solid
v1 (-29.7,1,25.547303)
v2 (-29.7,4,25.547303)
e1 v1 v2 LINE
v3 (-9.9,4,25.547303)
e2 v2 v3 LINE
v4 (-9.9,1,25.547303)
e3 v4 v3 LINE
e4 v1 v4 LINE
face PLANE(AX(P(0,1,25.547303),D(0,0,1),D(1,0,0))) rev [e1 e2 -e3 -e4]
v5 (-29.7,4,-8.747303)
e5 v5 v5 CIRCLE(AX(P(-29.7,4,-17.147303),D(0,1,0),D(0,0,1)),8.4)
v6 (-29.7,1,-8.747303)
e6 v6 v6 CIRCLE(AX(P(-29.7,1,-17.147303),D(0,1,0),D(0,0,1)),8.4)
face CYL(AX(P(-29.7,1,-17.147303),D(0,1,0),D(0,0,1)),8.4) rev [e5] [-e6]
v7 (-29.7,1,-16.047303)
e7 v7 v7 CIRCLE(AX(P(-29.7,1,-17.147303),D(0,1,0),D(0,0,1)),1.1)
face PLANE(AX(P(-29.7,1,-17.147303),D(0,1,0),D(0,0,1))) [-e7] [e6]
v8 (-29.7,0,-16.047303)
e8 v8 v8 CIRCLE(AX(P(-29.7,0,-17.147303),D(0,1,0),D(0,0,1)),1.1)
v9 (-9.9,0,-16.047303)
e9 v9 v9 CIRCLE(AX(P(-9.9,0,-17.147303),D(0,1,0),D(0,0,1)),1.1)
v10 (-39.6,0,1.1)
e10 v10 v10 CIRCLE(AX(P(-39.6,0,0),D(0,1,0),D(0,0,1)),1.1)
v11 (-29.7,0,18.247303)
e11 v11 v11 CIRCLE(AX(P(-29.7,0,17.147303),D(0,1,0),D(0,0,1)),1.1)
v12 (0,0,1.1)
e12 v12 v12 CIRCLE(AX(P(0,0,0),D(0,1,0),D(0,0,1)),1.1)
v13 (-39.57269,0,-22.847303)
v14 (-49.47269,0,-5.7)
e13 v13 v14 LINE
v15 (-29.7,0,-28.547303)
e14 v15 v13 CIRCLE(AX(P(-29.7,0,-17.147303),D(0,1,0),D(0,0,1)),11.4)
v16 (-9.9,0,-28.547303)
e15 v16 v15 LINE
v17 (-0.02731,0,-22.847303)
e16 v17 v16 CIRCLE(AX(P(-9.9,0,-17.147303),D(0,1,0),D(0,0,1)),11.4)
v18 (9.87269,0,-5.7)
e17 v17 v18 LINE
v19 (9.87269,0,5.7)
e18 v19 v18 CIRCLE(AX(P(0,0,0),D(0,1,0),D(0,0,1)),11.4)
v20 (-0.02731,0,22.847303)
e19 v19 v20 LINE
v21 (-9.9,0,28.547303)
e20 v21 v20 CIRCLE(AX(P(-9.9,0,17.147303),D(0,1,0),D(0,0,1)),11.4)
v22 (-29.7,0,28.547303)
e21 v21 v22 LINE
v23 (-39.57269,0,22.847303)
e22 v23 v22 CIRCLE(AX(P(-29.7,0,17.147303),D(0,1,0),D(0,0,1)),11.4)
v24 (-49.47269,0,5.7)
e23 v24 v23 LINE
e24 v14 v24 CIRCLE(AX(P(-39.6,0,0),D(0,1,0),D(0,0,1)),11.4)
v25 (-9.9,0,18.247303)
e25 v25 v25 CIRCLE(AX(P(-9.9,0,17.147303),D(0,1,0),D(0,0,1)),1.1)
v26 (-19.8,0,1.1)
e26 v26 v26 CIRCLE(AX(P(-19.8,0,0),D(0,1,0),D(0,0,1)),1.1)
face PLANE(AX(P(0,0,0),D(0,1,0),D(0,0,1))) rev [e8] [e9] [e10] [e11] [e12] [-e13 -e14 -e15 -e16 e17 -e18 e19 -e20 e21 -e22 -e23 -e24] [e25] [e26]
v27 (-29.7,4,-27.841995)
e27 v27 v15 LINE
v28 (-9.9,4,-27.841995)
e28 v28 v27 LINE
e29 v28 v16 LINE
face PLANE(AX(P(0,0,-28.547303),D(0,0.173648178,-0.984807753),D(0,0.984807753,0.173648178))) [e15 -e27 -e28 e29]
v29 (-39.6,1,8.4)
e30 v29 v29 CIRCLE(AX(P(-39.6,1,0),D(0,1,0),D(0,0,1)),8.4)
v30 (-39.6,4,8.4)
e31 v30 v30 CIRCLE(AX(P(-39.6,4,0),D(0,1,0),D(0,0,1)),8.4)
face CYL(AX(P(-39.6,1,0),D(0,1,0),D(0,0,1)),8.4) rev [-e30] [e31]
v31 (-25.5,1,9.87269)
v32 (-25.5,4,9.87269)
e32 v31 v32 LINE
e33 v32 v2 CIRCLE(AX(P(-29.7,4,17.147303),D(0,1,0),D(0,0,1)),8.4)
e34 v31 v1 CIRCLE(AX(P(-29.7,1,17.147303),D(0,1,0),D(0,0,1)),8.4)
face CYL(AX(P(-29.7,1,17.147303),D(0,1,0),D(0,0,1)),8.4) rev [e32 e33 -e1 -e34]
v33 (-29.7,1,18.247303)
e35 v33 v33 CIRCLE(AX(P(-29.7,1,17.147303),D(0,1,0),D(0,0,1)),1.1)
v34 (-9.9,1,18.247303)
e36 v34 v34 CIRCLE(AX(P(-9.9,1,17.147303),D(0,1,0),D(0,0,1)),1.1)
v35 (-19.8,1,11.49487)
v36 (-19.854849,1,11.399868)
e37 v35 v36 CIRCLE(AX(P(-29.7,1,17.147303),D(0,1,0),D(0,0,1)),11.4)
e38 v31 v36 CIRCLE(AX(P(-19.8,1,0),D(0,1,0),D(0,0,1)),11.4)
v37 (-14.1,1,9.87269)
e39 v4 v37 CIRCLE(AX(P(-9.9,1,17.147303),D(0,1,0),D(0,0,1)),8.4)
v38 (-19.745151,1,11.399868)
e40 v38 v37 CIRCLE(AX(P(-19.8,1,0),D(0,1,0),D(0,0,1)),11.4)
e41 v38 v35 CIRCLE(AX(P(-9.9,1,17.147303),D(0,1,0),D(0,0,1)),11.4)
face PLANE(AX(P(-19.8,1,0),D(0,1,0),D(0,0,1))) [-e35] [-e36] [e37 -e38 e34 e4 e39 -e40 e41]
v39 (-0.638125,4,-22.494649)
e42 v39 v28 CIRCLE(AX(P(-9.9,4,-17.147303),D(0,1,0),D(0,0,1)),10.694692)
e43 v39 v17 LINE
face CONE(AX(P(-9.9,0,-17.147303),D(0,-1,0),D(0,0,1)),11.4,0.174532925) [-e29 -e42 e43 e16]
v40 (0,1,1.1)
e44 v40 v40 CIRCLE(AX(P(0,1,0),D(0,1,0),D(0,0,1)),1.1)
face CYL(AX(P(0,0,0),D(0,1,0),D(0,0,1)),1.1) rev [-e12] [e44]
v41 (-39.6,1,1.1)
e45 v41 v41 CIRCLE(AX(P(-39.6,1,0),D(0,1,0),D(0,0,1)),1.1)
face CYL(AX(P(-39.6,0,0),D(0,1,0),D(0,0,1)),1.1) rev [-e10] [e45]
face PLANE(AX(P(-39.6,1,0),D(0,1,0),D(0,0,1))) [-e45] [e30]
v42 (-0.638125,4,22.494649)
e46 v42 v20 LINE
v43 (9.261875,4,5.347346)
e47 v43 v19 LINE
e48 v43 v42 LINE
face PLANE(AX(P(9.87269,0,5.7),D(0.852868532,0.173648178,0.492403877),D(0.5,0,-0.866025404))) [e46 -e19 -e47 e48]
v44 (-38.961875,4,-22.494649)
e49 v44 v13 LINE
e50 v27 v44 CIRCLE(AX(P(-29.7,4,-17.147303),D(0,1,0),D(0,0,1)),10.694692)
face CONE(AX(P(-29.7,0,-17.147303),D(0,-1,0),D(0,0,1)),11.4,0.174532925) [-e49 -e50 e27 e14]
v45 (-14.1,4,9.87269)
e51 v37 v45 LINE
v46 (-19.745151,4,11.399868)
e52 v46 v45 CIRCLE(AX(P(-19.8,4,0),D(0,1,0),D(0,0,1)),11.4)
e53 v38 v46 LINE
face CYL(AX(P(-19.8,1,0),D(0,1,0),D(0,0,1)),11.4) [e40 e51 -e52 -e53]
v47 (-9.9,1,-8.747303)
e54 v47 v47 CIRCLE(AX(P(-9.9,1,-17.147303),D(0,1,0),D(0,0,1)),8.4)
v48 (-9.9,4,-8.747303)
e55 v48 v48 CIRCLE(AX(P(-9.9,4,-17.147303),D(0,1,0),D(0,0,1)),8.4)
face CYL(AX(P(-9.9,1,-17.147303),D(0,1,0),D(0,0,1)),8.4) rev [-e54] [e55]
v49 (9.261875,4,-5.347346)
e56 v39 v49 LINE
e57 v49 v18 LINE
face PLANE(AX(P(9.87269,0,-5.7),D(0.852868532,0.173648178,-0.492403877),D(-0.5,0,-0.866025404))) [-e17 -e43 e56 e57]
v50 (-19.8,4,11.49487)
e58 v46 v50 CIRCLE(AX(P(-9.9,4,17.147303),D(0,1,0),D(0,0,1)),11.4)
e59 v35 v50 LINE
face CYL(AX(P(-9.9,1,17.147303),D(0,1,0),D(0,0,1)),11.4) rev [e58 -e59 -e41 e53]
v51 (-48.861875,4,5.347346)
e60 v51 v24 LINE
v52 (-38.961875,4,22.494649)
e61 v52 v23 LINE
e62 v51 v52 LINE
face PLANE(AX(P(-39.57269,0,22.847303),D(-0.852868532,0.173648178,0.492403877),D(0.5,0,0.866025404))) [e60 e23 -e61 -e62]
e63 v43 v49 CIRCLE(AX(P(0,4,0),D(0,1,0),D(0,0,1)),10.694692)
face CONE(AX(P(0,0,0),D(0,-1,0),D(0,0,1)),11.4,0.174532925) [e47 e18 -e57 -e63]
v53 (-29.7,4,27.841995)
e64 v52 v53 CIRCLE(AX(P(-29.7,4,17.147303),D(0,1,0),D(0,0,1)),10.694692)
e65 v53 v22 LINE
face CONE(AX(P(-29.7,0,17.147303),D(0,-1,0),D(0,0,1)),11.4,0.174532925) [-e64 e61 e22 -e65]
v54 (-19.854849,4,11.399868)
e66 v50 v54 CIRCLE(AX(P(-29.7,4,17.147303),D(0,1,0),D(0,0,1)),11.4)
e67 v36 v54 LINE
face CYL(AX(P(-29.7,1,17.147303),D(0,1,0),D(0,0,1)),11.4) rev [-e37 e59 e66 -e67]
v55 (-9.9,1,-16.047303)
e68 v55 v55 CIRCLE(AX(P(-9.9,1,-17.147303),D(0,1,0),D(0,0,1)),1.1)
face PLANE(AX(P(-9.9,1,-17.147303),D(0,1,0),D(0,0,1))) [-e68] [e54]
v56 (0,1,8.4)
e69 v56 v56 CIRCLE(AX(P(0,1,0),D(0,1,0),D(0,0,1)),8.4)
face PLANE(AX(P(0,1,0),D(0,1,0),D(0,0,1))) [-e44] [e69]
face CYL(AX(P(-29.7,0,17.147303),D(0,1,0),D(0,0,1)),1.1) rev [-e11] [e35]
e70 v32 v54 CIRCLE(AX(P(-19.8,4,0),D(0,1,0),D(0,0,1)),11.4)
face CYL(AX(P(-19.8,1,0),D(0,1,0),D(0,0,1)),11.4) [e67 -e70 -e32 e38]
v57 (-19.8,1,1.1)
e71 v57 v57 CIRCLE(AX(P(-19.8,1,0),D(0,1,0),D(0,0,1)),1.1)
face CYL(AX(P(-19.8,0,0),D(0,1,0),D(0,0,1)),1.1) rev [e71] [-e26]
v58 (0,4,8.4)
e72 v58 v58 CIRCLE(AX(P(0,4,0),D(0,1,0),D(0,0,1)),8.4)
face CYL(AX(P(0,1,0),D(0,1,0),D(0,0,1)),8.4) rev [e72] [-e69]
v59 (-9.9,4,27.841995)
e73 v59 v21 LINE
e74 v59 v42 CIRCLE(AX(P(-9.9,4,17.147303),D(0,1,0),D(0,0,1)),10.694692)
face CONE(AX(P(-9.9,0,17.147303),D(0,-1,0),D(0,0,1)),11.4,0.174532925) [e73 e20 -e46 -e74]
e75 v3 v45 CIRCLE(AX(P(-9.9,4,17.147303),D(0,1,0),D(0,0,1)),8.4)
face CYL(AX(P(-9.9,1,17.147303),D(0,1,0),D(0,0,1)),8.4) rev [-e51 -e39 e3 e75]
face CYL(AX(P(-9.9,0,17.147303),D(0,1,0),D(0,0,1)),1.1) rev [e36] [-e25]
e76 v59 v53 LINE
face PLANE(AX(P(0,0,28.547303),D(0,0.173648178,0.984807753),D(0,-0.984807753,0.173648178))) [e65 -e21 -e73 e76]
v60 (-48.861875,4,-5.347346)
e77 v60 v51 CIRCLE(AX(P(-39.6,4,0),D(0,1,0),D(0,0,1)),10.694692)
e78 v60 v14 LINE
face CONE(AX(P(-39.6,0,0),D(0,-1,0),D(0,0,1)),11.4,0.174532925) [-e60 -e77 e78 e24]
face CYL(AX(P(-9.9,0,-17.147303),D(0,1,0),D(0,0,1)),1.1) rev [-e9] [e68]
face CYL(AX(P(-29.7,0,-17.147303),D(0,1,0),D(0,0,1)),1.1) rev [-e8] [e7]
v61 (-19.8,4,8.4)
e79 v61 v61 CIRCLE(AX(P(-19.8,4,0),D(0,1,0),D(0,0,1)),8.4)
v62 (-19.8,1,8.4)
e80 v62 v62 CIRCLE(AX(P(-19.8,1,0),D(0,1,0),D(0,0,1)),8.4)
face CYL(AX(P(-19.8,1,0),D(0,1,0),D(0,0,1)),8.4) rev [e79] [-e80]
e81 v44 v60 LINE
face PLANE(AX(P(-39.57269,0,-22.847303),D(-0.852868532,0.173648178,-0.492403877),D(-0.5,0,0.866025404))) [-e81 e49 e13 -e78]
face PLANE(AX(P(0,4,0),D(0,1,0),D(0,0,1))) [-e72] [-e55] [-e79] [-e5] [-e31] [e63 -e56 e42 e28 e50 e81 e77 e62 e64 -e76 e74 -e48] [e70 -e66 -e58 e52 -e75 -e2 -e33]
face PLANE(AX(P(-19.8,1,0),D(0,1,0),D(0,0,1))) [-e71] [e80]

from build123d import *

# Parameters (mm, degrees)
BOSS_EXTRUDE1_DEPTH = 4
BOSS_EXTRUDE1_TAPER = 10
CUT_EXTRUDE1_START  = 4
SKETCH1_3_R         = 1.1
CUT_EXTRUDE1_DEPTH  = 4
CUT_EXTRUDE2_START  = 4
SKETCH1_4_R         = 8.4
SKETCH1_4_R_2       = 1.1
CUT_EXTRUDE2_DEPTH  = 3


with BuildPart() as part:
    # Sketch1 → Boss-Extrude1 (new body)
    with BuildSketch(Plane(origin=(0, 0, 0), x_dir=(1, 0, 0), z_dir=(0, 1, 0))):
        with BuildLine():
            ThreePointArc((-29.7, 28.547302995), (-35.4, 27.019992598), (-39.572689603, 22.847302995))
            Line((-39.572689603, 22.847302995), (-49.472689603, 5.7))
            ThreePointArc((-49.472689603, 5.7), (-51, 0), (-49.472689603, -5.7))
            Line((-49.472689603, -5.7), (-39.572689603, -22.847302995))
            ThreePointArc((-39.572689603, -22.847302995), (-35.4, -27.019992598), (-29.7, -28.547302995))
            Line((-29.7, -28.547302995), (-9.9, -28.547302995))
            ThreePointArc((-9.9, -28.547302995), (-4.2, -27.019992598), (-0.027310397, -22.847302995))
            Line((-0.027310397, -22.847302995), (9.872689603, -5.7))
            ThreePointArc((9.872689603, -5.7), (11.4, 0), (9.872689603, 5.7))
            Line((9.872689603, 5.7), (-0.027310397, 22.847302995))
            ThreePointArc((-0.027310397, 22.847302995), (-4.2, 27.019992598), (-9.9, 28.547302995))
            Line((-9.9, 28.547302995), (-29.7, 28.547302995))
        make_face()
    extrude(amount=BOSS_EXTRUDE1_DEPTH, taper=BOSS_EXTRUDE1_TAPER)

    # Sketch1<3> → Cut-Extrude1 (cut)
    with BuildSketch(Plane(origin=(0, 0, 0), x_dir=(1, 0, 0), z_dir=(0, 1, 0)).offset(CUT_EXTRUDE1_START)):
        with Locations(Location((-9.9, -17.147302995, 0), (0, 0, 270))):
            Circle(SKETCH1_3_R)
        with Locations(Location((0, 0, 0), (0, 0, 270))):
            Circle(SKETCH1_3_R)
        with Locations(Location((-29.7, -17.147302995, 0), (0, 0, 270))):
            Circle(SKETCH1_3_R)
        with Locations(Location((-39.6, 0, 0), (0, 0, 270))):
            Circle(SKETCH1_3_R)
        with Locations(Location((-9.9, 17.147302995, 0), (0, 0, 270))):
            Circle(SKETCH1_3_R)
        with Locations(Location((-29.7, 17.147302995, 0), (0, 0, 270))):
            Circle(SKETCH1_3_R)
        with Locations(Location((-19.8, 0, 0), (0, 0, 270))):
            Circle(SKETCH1_3_R)
    extrude(amount=-CUT_EXTRUDE1_DEPTH, mode=Mode.SUBTRACT)

    # Sketch1<4> → Cut-Extrude2 (cut)
    # profile 1 of 6: a face of its own
    with BuildSketch(Plane(origin=(0, 0, 0), x_dir=(1, 0, 0), z_dir=(0, 1, 0)).offset(CUT_EXTRUDE2_START)):
        with Locations(Location((0, 0, 0), (0, 0, 270))):
            Circle(SKETCH1_4_R)
        with Locations(Location((0, 0, 0), (0, 0, 270))):
            Circle(SKETCH1_4_R_2, mode=Mode.SUBTRACT)
    # profile 2 of 6: a face of its own
    with BuildSketch(Plane(origin=(0, 0, 0), x_dir=(1, 0, 0), z_dir=(0, 1, 0)).offset(CUT_EXTRUDE2_START)):
        with BuildLine():
            Line((-29.7, -25.547302995), (-9.9, -25.547302995))
            ThreePointArc((-9.9, -25.547302995), (-1.786223222, -14.97322241), (-14.100001087, -9.872690231))
            ThreePointArc((-14.100001087, -9.872690231), (-16.822981756, -11.004424673), (-19.745150662, -11.39986805))
            ThreePointArc((-19.745150662, -11.39986805), (-19.772689603, -11.447302995), (-19.8, -11.494869891))
            ThreePointArc((-19.8, -11.494869891), (-19.827310397, -11.447302995), (-19.854849338, -11.39986805))
            ThreePointArc((-19.854849338, -11.39986805), (-22.777018876, -11.004424502), (-25.500000049, -9.872689575))
            ThreePointArc((-25.500000049, -9.872689575), (-37.813776948, -14.973223043), (-29.7, -25.547302995))
        make_face()
        with Locations(Location((-9.9, -17.147302995, 0), (0, 0, 270))):
            Circle(SKETCH1_4_R_2, mode=Mode.SUBTRACT)
        with Locations(Location((-29.7, -17.147302995, 0), (0, 0, 270))):
            Circle(SKETCH1_4_R_2, mode=Mode.SUBTRACT)
    # profile 3 of 6: a face of its own
    with BuildSketch(Plane(origin=(0, 0, 0), x_dir=(1, 0, 0), z_dir=(0, 1, 0)).offset(CUT_EXTRUDE2_START)):
        with Locations(Location((-9.9, 17.147302995, 0), (0, 0, 270))):
            Circle(SKETCH1_4_R)
        with Locations(Location((-9.9, 17.147302995, 0), (0, 0, 270))):
            Circle(SKETCH1_4_R_2, mode=Mode.SUBTRACT)
    # profile 4 of 6: a face of its own
    with BuildSketch(Plane(origin=(0, 0, 0), x_dir=(1, 0, 0), z_dir=(0, 1, 0)).offset(CUT_EXTRUDE2_START)):
        with Locations(Location((-19.8, 0, 0), (0, 0, 270))):
            Circle(SKETCH1_4_R)
        with Locations(Location((-19.8, 0, 0), (0, 0, 270))):
            Circle(SKETCH1_4_R_2, mode=Mode.SUBTRACT)
    # profile 5 of 6: a face of its own
    with BuildSketch(Plane(origin=(0, 0, 0), x_dir=(1, 0, 0), z_dir=(0, 1, 0)).offset(CUT_EXTRUDE2_START)):
        with Locations(Location((-39.6, 0, 0), (0, 0, 270))):
            Circle(SKETCH1_4_R)
        with Locations(Location((-39.6, 0, 0), (0, 0, 270))):
            Circle(SKETCH1_4_R_2, mode=Mode.SUBTRACT)
    # profile 6 of 6: a face of its own
    with BuildSketch(Plane(origin=(0, 0, 0), x_dir=(1, 0, 0), z_dir=(0, 1, 0)).offset(CUT_EXTRUDE2_START)):
        with Locations(Location((-29.7, 17.147302995, 0), (0, 0, 270))):
            Circle(SKETCH1_4_R)
        with Locations(Location((-29.7, 17.147302995, 0), (0, 0, 270))):
            Circle(SKETCH1_4_R_2, mode=Mode.SUBTRACT)
    extrude(amount=-CUT_EXTRUDE2_DEPTH, mode=Mode.SUBTRACT)


solid = part.part
